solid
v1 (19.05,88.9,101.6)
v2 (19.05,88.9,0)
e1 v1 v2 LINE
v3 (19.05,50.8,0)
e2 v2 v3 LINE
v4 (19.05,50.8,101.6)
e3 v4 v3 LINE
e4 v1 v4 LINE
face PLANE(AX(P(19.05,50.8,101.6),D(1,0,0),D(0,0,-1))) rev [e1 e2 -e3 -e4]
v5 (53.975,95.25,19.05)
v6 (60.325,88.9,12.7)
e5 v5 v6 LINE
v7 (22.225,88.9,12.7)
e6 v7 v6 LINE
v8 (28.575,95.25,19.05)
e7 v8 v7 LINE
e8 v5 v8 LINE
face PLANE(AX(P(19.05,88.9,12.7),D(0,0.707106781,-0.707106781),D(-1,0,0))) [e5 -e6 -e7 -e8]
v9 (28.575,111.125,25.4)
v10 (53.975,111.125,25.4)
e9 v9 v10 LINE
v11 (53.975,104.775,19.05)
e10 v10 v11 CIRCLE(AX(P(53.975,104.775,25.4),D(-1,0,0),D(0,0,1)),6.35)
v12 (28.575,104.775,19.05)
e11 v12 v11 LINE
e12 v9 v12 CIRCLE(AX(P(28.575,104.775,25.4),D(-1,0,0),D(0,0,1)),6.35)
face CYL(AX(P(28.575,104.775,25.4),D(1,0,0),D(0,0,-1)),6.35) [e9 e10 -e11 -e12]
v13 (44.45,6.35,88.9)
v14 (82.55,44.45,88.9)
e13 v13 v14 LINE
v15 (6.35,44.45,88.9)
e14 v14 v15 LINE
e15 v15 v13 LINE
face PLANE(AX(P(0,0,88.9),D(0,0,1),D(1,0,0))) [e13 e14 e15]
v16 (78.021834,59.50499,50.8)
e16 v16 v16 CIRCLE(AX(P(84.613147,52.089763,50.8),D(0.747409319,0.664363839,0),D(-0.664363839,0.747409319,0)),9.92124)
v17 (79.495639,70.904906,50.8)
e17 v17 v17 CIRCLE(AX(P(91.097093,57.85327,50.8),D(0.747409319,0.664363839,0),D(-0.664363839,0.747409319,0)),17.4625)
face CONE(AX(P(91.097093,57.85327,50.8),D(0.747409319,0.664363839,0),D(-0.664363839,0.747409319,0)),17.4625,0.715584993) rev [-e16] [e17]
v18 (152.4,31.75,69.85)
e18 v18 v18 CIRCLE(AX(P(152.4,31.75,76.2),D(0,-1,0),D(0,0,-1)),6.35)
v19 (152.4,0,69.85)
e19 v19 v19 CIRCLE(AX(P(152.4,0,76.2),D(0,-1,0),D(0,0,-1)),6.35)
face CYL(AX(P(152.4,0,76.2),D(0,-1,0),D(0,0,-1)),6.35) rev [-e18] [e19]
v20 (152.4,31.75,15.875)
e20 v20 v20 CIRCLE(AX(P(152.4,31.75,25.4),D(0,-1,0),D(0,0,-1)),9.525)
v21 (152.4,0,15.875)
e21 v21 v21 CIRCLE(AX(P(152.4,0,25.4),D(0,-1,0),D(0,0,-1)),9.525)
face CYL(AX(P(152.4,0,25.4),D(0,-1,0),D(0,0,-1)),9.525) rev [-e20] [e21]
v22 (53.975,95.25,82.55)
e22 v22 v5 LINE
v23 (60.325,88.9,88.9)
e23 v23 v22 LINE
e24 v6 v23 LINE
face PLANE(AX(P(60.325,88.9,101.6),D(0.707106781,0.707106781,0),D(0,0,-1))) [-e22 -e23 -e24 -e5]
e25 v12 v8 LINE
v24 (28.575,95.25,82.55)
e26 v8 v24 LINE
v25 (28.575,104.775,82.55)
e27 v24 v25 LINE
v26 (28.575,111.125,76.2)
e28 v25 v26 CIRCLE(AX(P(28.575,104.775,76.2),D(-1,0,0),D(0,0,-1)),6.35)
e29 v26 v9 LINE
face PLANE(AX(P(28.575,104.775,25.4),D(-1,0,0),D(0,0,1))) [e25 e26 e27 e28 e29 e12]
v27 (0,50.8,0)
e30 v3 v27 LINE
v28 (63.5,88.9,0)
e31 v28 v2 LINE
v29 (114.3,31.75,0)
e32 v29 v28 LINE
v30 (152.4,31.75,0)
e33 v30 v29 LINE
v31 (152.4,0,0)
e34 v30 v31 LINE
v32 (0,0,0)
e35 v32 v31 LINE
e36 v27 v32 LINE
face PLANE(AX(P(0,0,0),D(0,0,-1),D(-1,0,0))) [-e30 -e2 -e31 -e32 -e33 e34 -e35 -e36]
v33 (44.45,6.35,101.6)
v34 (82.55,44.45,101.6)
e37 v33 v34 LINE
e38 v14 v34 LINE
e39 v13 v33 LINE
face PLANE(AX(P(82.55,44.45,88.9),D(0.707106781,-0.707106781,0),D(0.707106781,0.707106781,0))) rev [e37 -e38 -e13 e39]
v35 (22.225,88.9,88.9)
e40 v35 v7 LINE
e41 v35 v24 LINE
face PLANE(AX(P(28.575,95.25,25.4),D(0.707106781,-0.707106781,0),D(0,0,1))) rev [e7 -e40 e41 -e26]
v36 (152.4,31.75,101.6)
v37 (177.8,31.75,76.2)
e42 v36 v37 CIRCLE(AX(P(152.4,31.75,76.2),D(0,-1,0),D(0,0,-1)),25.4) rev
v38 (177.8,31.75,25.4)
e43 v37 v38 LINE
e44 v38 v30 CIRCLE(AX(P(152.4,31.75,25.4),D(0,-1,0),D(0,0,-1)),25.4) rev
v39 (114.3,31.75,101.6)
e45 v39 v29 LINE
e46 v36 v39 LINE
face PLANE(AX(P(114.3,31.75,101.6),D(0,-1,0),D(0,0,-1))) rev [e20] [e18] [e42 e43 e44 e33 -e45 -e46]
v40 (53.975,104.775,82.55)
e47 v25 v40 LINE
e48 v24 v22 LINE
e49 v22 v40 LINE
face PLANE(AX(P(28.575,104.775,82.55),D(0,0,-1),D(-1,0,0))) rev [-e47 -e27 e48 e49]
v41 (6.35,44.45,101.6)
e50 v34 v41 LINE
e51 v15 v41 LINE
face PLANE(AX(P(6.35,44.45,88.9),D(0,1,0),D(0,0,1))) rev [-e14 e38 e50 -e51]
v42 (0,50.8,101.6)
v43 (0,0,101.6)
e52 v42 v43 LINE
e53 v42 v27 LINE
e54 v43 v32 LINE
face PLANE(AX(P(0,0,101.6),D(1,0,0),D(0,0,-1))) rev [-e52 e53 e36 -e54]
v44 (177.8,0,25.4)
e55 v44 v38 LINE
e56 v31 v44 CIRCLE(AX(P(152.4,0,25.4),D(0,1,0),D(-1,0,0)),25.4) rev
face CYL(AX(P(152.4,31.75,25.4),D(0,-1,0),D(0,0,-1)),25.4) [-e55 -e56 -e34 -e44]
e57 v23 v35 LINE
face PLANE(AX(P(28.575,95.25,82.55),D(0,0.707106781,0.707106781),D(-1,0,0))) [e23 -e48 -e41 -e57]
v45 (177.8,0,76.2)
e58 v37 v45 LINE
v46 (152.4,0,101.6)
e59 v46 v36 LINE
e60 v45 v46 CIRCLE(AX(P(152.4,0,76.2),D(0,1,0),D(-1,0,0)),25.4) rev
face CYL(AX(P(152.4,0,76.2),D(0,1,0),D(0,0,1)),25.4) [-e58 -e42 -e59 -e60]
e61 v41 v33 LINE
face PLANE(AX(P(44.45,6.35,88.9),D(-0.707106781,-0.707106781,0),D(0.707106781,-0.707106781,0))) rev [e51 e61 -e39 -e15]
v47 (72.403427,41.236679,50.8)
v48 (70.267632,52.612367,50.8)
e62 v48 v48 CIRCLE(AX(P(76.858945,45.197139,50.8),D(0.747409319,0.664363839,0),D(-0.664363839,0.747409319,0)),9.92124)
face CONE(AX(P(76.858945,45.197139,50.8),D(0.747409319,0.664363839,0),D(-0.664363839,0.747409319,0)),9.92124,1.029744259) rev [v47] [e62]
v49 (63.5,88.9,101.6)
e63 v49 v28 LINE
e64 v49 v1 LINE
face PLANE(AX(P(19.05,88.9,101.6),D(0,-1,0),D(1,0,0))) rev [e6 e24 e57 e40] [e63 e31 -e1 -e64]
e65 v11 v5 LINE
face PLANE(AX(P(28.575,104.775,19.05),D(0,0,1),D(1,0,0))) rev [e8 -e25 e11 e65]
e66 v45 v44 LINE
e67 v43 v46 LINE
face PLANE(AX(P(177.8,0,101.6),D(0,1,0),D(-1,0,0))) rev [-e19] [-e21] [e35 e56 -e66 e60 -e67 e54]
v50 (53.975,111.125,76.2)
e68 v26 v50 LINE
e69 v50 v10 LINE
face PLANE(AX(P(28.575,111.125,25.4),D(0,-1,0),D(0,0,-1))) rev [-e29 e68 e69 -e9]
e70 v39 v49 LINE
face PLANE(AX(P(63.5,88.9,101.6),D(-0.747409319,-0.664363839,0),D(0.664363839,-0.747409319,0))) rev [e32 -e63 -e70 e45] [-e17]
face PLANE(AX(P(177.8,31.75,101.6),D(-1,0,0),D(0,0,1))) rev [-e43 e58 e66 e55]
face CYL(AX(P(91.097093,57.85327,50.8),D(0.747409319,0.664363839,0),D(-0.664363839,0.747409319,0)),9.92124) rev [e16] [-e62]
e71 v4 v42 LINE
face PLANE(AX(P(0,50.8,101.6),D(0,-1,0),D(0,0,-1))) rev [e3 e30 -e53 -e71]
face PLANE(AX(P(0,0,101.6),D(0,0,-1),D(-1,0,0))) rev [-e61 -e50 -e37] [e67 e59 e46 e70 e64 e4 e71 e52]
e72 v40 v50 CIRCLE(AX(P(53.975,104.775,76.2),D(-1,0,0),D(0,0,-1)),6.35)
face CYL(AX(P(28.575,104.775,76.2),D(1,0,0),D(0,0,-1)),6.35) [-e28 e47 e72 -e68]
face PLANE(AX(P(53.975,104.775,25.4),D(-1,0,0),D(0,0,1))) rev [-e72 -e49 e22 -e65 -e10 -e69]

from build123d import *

# Parameters (mm, degrees)
BOSS_EXTRUDE1_DEPTH                              = 101.6
BOSS_EXTRUDE2_DEPTH                              = 12.7
CHAMFER1_SIZE                                    = 6.35
FILLET1_R                                        = 25.4
CUT_EXTRUDE2_DEPTH                               = 12.7
CSK_FOR_3_4_FLAT_HEAD_MACHINE_SCREW1_D           = 19.84248
CSK_FOR_3_4_FLAT_HEAD_MACHINE_SCREW1_DEPTH       = 19.05
CSK_FOR_3_4_FLAT_HEAD_MACHINE_SCREW1_CSINK_D     = 34.925
CSK_FOR_3_4_FLAT_HEAD_MACHINE_SCREW1_CSINK_ANGLE = 82
CSK_FOR_3_4_FLAT_HEAD_MACHINE_SCREW1_TIP         = 5.961282408
F_3_4_0_75_DIAMETER_HOLE1_D                      = 19.05
F_1_2_0_5_DIAMETER_HOLE1_D                       = 12.7


with BuildPart() as part:
    # Sketch1 → Boss-Extrude1 (new body)
    with BuildSketch(Plane.XY):
        Polygon((0, 0), (0, 50.8), (19.05, 50.8), (19.05, 88.9), (63.5, 88.9), (114.3, 31.75), (177.8, 31.75), (177.8, 0), align=None)
    extrude(amount=BOSS_EXTRUDE1_DEPTH)

    # Sketch2 → Boss-Extrude2 (add, symmetric)
    with BuildSketch(Plane.ZY.offset(-41.275)):
        with BuildLine():
            Line((25.4, 111.125), (76.2, 111.125))
            ThreePointArc((76.2, 111.125), (80.690128061, 109.265128061), (82.55, 104.775))
            Line((82.55, 104.775), (82.55, 88.9))
            Line((82.55, 88.9), (19.05, 88.9))
            Line((19.05, 88.9), (19.05, 104.775))
            ThreePointArc((19.05, 104.775), (20.909871939, 109.265128061), (25.4, 111.125))
        make_face()
    extrude(amount=BOSS_EXTRUDE2_DEPTH, both=True)

    # Chamfer1
    chamfer1_edges = [part.edges().sort_by_distance(p)[0] for p in [
        (53.975, 88.9, 50.8),
        (41.275, 88.9, 19.05),
        (41.275, 88.9, 82.55),
        (28.575, 88.9, 50.8),
    ]]
    chamfer(chamfer1_edges, length=CHAMFER1_SIZE)

    # Fillet1
    fillet1_edges = [part.edges().sort_by_distance(p)[0] for p in [
        (177.8, 15.875, 0),
        (177.8, 15.875, 101.6),
    ]]
    fillet(fillet1_edges, radius=FILLET1_R)

    # Sketch5 → Cut-Extrude2 (cut)
    with BuildSketch(Plane.XY.offset(101.6)):
        Polygon((6.35, 44.45), (82.55, 44.45), (44.45, 6.35), align=None)
    extrude(amount=-CUT_EXTRUDE2_DEPTH, mode=Mode.SUBTRACT)

    # CSK for 3/4 Flat Head Machine Screw1
    with Locations(Plane(origin=(79.615862069, 70.769655172, 0), x_dir=(0, 0, -1), z_dir=(0.7474093186836597, 0.6643638388299198, 0))):
        with Locations((-50.8, -17.28154091)):
            CounterSinkHole(CSK_FOR_3_4_FLAT_HEAD_MACHINE_SCREW1_D / 2, CSK_FOR_3_4_FLAT_HEAD_MACHINE_SCREW1_CSINK_D / 2, depth=CSK_FOR_3_4_FLAT_HEAD_MACHINE_SCREW1_DEPTH, counter_sink_angle=CSK_FOR_3_4_FLAT_HEAD_MACHINE_SCREW1_CSINK_ANGLE)
            with Locations((0, 0, -(CSK_FOR_3_4_FLAT_HEAD_MACHINE_SCREW1_DEPTH + CSK_FOR_3_4_FLAT_HEAD_MACHINE_SCREW1_TIP / 2))):  # 118° drill point
                Cone(0, CSK_FOR_3_4_FLAT_HEAD_MACHINE_SCREW1_D / 2, CSK_FOR_3_4_FLAT_HEAD_MACHINE_SCREW1_TIP, mode=Mode.SUBTRACT)

    # 3/4 (0.75) Diameter Hole1 (through all)
    with Locations(Plane(origin=(0, 0, 0), x_dir=(-1, 0, 0), z_dir=(0, -1, 0))):
        with Locations((-152.4, -25.4)):
            Hole(F_3_4_0_75_DIAMETER_HOLE1_D / 2)

    # 1/2 (0.5) Diameter Hole1 (through all)
    with Locations(Plane(origin=(0, 0, 0), x_dir=(-1, 0, 0), z_dir=(0, -1, 0))):
        with Locations((-152.4, -76.2)):
            Hole(F_1_2_0_5_DIAMETER_HOLE1_D / 2)


solid = part.part
